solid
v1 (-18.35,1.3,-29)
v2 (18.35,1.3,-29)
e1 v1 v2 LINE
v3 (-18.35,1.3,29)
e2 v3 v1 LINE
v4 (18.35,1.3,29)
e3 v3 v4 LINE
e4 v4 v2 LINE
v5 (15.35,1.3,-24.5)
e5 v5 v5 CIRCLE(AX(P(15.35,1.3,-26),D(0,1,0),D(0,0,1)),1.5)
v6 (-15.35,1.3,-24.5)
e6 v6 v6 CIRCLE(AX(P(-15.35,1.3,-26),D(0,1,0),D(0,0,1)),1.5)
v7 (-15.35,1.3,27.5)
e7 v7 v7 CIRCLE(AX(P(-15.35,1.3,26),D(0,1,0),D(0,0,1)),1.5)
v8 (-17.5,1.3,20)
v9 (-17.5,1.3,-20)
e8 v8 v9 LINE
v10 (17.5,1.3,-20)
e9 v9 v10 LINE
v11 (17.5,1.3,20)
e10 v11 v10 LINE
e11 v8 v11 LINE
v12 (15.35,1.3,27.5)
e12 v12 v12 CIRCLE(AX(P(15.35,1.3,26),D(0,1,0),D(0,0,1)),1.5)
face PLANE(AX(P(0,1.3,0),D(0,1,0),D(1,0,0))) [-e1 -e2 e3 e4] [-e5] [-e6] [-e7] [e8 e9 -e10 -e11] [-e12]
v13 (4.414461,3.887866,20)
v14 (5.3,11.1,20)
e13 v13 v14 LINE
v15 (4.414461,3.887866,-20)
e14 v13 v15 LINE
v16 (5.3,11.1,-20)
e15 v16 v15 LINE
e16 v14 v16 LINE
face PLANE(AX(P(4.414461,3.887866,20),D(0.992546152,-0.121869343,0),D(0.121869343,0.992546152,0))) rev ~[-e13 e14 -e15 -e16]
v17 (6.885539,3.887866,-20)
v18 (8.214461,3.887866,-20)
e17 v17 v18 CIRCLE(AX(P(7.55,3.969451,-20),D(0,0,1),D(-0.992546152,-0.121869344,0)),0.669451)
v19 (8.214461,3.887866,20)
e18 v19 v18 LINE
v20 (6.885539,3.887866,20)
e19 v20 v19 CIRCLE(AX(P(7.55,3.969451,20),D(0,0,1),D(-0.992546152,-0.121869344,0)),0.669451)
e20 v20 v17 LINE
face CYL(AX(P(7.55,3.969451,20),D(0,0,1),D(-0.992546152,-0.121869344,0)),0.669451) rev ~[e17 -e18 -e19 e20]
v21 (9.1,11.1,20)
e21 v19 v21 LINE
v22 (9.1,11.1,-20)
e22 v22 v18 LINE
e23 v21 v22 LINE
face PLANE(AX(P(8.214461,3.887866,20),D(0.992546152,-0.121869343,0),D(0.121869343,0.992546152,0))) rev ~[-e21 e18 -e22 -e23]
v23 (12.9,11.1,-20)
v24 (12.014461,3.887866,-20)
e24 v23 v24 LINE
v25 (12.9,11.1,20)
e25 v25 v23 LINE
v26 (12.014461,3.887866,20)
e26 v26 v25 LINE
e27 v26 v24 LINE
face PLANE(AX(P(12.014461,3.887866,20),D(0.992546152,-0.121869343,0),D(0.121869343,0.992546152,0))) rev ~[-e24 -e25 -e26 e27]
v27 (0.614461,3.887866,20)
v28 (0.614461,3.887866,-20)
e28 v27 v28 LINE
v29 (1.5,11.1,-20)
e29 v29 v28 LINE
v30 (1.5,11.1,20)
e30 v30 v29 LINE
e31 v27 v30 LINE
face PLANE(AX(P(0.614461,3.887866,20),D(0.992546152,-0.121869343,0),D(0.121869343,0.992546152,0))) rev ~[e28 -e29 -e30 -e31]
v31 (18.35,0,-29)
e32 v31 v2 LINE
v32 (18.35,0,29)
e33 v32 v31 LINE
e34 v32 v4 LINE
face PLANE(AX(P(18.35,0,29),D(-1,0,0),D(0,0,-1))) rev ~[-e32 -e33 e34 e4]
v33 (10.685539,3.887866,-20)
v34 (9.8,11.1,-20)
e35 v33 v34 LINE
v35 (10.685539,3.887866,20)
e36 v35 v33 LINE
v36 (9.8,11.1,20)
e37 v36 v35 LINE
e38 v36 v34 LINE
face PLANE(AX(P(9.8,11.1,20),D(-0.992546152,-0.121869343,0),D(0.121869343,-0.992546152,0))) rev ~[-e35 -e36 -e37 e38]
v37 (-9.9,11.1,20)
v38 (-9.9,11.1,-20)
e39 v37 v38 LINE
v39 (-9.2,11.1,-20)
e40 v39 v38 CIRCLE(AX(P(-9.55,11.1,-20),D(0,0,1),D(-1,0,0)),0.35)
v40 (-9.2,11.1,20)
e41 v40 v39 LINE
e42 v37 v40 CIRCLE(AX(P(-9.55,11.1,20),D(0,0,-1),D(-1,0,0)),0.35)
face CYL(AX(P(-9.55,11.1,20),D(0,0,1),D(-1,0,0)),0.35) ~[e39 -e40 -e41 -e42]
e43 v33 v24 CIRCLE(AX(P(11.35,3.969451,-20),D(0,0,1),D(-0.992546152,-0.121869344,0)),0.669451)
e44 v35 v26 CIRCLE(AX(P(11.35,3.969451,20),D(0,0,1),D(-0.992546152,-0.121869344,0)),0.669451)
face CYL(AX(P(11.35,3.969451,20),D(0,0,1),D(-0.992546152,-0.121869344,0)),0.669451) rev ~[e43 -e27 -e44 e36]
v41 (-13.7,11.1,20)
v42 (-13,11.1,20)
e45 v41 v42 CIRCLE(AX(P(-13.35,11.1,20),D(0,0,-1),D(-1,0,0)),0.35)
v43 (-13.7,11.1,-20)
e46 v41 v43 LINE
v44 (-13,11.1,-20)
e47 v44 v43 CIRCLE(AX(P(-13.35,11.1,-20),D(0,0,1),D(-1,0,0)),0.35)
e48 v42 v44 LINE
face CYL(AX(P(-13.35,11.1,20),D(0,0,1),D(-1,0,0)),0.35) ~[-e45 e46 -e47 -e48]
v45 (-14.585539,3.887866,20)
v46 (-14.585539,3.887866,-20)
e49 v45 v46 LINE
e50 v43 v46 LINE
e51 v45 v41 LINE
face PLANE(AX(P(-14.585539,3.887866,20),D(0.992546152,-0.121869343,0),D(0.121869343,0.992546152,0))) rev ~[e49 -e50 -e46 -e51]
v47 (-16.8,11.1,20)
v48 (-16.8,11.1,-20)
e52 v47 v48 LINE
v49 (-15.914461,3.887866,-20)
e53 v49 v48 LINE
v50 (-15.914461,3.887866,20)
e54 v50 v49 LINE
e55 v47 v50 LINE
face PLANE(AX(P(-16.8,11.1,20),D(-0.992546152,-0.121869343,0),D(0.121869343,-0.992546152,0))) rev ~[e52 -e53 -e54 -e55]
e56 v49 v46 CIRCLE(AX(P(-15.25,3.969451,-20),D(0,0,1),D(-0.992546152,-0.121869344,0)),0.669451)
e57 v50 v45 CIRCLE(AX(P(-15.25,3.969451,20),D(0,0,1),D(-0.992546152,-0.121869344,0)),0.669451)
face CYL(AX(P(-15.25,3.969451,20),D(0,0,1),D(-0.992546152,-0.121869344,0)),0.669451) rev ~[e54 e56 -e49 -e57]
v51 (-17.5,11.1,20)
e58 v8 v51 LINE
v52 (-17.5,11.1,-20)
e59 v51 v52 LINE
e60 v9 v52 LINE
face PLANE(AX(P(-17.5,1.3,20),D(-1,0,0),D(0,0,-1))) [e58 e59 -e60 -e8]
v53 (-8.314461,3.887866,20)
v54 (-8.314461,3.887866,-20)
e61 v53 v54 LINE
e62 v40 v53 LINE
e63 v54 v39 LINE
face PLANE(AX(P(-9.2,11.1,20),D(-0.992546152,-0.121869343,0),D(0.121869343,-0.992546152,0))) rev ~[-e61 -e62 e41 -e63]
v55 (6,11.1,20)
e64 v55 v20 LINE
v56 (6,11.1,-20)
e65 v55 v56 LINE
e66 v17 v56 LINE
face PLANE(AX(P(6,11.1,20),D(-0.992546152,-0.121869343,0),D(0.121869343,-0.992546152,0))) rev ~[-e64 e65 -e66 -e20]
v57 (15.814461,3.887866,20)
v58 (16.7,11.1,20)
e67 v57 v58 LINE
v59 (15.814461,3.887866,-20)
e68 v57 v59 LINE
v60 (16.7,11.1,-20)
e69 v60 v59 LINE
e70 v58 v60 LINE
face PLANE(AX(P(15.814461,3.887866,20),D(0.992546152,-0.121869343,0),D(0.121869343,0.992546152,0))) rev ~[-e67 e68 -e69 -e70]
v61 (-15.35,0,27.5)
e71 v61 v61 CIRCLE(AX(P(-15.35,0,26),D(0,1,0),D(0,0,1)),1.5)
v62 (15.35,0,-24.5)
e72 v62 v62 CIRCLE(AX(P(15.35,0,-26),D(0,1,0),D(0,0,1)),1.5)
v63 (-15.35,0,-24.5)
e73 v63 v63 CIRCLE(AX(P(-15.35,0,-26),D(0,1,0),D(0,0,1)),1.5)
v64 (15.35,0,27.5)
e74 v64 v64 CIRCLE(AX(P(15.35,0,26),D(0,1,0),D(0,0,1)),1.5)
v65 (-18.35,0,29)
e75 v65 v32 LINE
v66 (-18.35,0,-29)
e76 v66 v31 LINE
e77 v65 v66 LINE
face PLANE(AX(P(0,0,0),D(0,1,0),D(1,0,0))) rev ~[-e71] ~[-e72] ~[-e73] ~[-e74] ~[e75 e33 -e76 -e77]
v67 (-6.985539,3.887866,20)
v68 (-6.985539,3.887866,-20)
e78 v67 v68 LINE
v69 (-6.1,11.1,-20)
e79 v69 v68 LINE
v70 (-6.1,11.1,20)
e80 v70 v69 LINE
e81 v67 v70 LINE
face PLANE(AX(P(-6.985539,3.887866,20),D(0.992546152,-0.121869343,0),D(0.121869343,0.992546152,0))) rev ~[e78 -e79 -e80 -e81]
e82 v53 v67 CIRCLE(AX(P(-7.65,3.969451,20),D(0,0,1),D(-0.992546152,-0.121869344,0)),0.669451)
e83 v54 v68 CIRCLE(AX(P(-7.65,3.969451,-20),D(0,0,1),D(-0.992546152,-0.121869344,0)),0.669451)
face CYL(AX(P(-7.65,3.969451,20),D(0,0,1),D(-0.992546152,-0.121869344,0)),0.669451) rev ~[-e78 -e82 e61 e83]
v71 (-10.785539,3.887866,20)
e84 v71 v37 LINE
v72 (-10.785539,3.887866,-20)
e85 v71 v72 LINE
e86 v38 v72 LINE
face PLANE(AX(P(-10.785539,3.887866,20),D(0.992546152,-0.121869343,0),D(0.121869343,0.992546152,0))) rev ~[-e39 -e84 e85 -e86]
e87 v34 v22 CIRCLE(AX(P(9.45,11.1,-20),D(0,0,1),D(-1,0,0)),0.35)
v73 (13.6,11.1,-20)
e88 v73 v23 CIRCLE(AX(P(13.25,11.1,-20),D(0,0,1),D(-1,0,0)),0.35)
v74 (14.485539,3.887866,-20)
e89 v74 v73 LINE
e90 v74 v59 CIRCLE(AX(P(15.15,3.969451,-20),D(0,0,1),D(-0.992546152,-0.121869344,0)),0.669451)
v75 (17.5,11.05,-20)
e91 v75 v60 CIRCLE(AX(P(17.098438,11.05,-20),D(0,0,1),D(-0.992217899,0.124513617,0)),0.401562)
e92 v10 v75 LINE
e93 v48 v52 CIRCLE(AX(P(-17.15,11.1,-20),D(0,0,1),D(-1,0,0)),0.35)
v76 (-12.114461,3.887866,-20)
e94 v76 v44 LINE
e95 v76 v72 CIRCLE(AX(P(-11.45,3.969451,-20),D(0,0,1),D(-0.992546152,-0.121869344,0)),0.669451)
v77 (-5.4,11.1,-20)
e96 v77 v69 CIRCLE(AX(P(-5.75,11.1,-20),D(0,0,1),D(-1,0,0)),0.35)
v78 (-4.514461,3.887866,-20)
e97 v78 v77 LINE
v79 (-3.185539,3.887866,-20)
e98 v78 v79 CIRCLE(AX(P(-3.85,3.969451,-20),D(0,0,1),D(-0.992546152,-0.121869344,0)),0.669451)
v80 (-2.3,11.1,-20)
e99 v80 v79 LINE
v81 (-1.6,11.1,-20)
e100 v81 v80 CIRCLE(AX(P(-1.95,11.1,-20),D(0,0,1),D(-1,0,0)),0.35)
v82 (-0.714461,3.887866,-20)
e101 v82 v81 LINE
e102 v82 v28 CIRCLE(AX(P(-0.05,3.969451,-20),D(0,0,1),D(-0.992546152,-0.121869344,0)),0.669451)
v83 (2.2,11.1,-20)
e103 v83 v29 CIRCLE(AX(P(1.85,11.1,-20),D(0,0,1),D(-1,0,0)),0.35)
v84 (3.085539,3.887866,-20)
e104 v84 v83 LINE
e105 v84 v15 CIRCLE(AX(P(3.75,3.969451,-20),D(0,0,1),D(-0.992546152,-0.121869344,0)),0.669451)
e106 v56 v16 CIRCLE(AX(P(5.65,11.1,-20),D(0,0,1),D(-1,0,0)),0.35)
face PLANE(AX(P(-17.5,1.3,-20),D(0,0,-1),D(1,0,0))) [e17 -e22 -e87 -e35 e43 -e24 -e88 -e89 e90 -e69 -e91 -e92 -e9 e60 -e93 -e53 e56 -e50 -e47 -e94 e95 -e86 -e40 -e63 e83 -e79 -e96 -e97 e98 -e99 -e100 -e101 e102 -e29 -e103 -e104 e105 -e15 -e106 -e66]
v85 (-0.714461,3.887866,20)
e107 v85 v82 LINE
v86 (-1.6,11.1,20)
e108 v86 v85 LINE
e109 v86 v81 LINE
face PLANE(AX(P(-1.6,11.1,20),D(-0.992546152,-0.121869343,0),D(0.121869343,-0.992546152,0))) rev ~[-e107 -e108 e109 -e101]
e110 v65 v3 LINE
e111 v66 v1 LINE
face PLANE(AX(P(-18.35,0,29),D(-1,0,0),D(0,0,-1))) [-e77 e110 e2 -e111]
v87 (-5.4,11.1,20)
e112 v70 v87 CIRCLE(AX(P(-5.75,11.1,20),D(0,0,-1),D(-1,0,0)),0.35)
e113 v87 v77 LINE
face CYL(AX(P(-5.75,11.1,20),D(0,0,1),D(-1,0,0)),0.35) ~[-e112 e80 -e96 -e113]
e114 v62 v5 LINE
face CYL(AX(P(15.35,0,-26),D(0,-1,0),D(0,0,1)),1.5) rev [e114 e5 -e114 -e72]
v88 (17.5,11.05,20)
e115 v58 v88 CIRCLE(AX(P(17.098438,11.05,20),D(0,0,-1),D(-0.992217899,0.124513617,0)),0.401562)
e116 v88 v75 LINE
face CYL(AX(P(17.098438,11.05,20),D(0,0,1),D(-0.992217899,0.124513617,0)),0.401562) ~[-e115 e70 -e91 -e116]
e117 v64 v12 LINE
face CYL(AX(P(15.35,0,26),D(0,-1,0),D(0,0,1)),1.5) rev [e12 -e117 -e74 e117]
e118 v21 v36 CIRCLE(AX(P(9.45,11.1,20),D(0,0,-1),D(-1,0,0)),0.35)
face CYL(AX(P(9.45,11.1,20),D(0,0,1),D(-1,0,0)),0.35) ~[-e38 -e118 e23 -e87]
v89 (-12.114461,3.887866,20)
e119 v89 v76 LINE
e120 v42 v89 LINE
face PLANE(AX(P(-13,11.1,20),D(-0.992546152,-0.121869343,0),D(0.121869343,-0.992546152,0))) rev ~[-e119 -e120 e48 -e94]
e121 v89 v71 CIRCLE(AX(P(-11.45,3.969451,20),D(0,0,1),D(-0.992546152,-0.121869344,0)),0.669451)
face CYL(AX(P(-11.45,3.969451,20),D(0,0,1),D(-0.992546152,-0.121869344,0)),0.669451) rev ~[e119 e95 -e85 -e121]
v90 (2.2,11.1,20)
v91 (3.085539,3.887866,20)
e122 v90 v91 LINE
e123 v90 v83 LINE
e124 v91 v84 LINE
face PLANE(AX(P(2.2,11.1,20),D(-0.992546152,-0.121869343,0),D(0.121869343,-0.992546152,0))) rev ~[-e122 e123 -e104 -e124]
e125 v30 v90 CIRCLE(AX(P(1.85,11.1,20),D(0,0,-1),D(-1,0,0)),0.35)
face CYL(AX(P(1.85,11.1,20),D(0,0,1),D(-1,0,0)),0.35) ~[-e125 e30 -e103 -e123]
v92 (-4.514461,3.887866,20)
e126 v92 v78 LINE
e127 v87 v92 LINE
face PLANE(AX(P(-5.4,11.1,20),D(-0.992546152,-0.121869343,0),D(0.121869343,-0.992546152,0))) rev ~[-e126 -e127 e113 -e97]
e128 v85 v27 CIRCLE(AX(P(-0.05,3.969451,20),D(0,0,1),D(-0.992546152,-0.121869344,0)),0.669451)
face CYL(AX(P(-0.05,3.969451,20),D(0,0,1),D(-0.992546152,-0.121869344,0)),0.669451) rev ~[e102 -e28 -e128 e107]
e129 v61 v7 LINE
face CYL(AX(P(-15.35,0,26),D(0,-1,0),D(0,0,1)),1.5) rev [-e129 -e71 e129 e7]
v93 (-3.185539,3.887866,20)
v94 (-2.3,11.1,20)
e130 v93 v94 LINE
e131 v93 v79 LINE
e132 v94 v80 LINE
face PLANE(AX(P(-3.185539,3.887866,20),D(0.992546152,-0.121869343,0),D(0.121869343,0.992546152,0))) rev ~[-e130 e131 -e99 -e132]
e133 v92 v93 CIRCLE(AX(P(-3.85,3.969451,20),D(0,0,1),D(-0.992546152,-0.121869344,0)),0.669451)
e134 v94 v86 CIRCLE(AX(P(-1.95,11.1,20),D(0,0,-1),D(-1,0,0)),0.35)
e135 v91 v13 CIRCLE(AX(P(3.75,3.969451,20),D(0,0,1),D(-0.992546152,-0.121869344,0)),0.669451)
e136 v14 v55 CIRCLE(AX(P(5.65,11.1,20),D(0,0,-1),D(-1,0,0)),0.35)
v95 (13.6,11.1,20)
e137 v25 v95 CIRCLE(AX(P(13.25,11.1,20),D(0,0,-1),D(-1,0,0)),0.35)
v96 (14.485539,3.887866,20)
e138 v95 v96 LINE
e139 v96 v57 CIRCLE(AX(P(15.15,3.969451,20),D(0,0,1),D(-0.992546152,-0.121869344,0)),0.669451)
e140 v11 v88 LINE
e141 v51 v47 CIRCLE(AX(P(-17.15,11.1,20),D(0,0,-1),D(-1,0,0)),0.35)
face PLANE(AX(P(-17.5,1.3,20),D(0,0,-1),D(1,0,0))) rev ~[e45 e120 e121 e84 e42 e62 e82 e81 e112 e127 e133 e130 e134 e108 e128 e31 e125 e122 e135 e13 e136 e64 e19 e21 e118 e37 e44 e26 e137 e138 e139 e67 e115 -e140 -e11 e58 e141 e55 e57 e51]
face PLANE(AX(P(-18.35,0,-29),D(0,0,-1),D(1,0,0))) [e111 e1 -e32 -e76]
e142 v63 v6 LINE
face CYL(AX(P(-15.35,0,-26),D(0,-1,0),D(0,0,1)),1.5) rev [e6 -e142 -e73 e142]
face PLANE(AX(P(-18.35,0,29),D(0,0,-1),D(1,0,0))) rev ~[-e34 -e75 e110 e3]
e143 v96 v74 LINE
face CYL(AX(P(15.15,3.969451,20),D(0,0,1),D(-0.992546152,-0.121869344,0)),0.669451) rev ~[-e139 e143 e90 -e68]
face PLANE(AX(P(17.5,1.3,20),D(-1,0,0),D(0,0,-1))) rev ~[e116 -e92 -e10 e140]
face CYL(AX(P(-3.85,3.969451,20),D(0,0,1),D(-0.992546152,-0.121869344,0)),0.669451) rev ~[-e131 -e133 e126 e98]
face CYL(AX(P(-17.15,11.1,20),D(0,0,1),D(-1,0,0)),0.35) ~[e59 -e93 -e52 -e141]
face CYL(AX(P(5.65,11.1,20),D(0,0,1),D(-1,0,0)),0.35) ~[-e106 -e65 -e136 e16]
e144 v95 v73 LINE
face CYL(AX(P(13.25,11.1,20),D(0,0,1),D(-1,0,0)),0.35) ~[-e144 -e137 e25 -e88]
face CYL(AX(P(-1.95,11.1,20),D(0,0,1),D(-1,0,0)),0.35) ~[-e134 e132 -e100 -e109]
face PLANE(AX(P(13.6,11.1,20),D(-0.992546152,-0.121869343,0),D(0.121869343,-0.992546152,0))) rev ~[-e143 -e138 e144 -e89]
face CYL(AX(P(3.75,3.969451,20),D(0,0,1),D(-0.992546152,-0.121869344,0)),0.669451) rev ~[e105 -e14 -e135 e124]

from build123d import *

# Parameters (mm, degrees)
CROQUIS1_W              = 36.7
CROQUIS1_H              = 58
CROQUIS1_R              = 1.5
SALIENTE_EXTRUIR1_DEPTH = 1.3
CROQUIS2_W              = 35
CROQUIS2_H              = 40
SALIENTE_EXTRUIR2_DEPTH = 10.2
CORTAR_EXTRUIR1_DEPTH   = 54.572124281


with BuildPart() as part:
    # Croquis1 → Saliente-Extruir1 (new body)
    with BuildSketch(Plane(origin=(0, 0, 0), x_dir=(1, 0, 0), z_dir=(0, 1, 0))):
        Rectangle(CROQUIS1_W, CROQUIS1_H)
        with Locations(Location((15.35, 26, 0), (0, 0, 270))):
            Circle(CROQUIS1_R, mode=Mode.SUBTRACT)
        with Locations(Location((-15.35, 26, 0), (0, 0, 270))):
            Circle(CROQUIS1_R, mode=Mode.SUBTRACT)
        with Locations(Location((-15.35, -26, 0), (0, 0, 270))):
            Circle(CROQUIS1_R, mode=Mode.SUBTRACT)
        with Locations(Location((15.35, -26, 0), (0, 0, 270))):
            Circle(CROQUIS1_R, mode=Mode.SUBTRACT)
    extrude(amount=SALIENTE_EXTRUIR1_DEPTH)

    # Croquis2 → Saliente-Extruir2 (add)
    with BuildSketch(Plane(origin=(0, 1.3, 0), x_dir=(1, 0, 0), z_dir=(0, 1, 0))):
        Rectangle(CROQUIS2_W, CROQUIS2_H)
    extrude(amount=SALIENTE_EXTRUIR2_DEPTH)

    # Croquis3 → Cortar-Extruir1 (cut, through all)
    with BuildSketch(Plane.XY.offset(20)):
        with BuildLine():
            Line((-16.8, 11.1), (-15.914461251, 3.887865656))
            ThreePointArc((-15.914461251, 3.887865656), (-15.25, 3.3), (-14.585538749, 3.887865656))
            Line((-14.585538749, 3.887865656), (-13.7, 11.1))
            ThreePointArc((-13.7, 11.1), (-13.35, 11.45), (-13, 11.1))
            Line((-13, 11.1), (-12.114461251, 3.887865656))
            ThreePointArc((-12.114461251, 3.887865656), (-11.45, 3.3), (-10.785538749, 3.887865656))
            Line((-10.785538749, 3.887865656), (-9.9, 11.1))
            ThreePointArc((-9.9, 11.1), (-9.55, 11.45), (-9.2, 11.1))
            Line((-9.2, 11.1), (-8.314461251, 3.887865656))
            ThreePointArc((-8.314461251, 3.887865656), (-7.65, 3.3), (-6.985538749, 3.887865656))
            Line((-6.985538749, 3.887865656), (-6.1, 11.1))
            ThreePointArc((-6.1, 11.1), (-5.75, 11.45), (-5.4, 11.1))
            Line((-5.4, 11.1), (-4.514461251, 3.887865656))
            ThreePointArc((-4.514461251, 3.887865656), (-3.85, 3.3), (-3.185538749, 3.887865656))
            Line((-3.185538749, 3.887865656), (-2.3, 11.1))
            ThreePointArc((-2.3, 11.1), (-1.95, 11.45), (-1.6, 11.1))
            Line((-1.6, 11.1), (-0.714461251, 3.887865656))
            ThreePointArc((-0.714461251, 3.887865656), (-0.05, 3.3), (0.614461251, 3.887865656))
            Line((0.614461251, 3.887865656), (1.5, 11.1))
            ThreePointArc((1.5, 11.1), (1.85, 11.45), (2.2, 11.1))
            Line((2.2, 11.1), (3.085538749, 3.887865656))
            ThreePointArc((3.085538749, 3.887865656), (3.75, 3.3), (4.414461251, 3.887865656))
            Line((4.414461251, 3.887865656), (5.3, 11.1))
            ThreePointArc((5.3, 11.1), (5.65, 11.45), (6, 11.1))
            Line((6, 11.1), (6.885538749, 3.887865656))
            ThreePointArc((6.885538749, 3.887865656), (7.55, 3.3), (8.214461251, 3.887865656))
            Line((8.214461251, 3.887865656), (9.1, 11.1))
            ThreePointArc((9.1, 11.1), (9.45, 11.45), (9.8, 11.1))
            Line((9.8, 11.1), (10.685538749, 3.887865656))
            ThreePointArc((10.685538749, 3.887865656), (11.35, 3.3), (12.014461251, 3.887865656))
            Line((12.014461251, 3.887865656), (12.9, 11.1))
            ThreePointArc((12.9, 11.1), (13.25, 11.45), (13.6, 11.1))
            Line((13.6, 11.1), (14.485538749, 3.887865656))
            ThreePointArc((14.485538749, 3.887865656), (15.15, 3.3), (15.814461251, 3.887865656))
            Line((15.814461251, 3.887865656), (16.7, 11.1))
            ThreePointArc((16.7, 11.1), (17.123486281, 11.450780489), (17.5, 11.05))
            Line((17.5, 11.05), (17.5, 11.5))
            Line((17.5, 11.5), (-17.5, 11.5))
            Line((-17.5, 11.5), (-17.5, 11.1))
            ThreePointArc((-17.5, 11.1), (-17.15, 11.45), (-16.8, 11.1))
        make_face()
    extrude(amount=-CORTAR_EXTRUIR1_DEPTH, mode=Mode.SUBTRACT)


solid = part.part
